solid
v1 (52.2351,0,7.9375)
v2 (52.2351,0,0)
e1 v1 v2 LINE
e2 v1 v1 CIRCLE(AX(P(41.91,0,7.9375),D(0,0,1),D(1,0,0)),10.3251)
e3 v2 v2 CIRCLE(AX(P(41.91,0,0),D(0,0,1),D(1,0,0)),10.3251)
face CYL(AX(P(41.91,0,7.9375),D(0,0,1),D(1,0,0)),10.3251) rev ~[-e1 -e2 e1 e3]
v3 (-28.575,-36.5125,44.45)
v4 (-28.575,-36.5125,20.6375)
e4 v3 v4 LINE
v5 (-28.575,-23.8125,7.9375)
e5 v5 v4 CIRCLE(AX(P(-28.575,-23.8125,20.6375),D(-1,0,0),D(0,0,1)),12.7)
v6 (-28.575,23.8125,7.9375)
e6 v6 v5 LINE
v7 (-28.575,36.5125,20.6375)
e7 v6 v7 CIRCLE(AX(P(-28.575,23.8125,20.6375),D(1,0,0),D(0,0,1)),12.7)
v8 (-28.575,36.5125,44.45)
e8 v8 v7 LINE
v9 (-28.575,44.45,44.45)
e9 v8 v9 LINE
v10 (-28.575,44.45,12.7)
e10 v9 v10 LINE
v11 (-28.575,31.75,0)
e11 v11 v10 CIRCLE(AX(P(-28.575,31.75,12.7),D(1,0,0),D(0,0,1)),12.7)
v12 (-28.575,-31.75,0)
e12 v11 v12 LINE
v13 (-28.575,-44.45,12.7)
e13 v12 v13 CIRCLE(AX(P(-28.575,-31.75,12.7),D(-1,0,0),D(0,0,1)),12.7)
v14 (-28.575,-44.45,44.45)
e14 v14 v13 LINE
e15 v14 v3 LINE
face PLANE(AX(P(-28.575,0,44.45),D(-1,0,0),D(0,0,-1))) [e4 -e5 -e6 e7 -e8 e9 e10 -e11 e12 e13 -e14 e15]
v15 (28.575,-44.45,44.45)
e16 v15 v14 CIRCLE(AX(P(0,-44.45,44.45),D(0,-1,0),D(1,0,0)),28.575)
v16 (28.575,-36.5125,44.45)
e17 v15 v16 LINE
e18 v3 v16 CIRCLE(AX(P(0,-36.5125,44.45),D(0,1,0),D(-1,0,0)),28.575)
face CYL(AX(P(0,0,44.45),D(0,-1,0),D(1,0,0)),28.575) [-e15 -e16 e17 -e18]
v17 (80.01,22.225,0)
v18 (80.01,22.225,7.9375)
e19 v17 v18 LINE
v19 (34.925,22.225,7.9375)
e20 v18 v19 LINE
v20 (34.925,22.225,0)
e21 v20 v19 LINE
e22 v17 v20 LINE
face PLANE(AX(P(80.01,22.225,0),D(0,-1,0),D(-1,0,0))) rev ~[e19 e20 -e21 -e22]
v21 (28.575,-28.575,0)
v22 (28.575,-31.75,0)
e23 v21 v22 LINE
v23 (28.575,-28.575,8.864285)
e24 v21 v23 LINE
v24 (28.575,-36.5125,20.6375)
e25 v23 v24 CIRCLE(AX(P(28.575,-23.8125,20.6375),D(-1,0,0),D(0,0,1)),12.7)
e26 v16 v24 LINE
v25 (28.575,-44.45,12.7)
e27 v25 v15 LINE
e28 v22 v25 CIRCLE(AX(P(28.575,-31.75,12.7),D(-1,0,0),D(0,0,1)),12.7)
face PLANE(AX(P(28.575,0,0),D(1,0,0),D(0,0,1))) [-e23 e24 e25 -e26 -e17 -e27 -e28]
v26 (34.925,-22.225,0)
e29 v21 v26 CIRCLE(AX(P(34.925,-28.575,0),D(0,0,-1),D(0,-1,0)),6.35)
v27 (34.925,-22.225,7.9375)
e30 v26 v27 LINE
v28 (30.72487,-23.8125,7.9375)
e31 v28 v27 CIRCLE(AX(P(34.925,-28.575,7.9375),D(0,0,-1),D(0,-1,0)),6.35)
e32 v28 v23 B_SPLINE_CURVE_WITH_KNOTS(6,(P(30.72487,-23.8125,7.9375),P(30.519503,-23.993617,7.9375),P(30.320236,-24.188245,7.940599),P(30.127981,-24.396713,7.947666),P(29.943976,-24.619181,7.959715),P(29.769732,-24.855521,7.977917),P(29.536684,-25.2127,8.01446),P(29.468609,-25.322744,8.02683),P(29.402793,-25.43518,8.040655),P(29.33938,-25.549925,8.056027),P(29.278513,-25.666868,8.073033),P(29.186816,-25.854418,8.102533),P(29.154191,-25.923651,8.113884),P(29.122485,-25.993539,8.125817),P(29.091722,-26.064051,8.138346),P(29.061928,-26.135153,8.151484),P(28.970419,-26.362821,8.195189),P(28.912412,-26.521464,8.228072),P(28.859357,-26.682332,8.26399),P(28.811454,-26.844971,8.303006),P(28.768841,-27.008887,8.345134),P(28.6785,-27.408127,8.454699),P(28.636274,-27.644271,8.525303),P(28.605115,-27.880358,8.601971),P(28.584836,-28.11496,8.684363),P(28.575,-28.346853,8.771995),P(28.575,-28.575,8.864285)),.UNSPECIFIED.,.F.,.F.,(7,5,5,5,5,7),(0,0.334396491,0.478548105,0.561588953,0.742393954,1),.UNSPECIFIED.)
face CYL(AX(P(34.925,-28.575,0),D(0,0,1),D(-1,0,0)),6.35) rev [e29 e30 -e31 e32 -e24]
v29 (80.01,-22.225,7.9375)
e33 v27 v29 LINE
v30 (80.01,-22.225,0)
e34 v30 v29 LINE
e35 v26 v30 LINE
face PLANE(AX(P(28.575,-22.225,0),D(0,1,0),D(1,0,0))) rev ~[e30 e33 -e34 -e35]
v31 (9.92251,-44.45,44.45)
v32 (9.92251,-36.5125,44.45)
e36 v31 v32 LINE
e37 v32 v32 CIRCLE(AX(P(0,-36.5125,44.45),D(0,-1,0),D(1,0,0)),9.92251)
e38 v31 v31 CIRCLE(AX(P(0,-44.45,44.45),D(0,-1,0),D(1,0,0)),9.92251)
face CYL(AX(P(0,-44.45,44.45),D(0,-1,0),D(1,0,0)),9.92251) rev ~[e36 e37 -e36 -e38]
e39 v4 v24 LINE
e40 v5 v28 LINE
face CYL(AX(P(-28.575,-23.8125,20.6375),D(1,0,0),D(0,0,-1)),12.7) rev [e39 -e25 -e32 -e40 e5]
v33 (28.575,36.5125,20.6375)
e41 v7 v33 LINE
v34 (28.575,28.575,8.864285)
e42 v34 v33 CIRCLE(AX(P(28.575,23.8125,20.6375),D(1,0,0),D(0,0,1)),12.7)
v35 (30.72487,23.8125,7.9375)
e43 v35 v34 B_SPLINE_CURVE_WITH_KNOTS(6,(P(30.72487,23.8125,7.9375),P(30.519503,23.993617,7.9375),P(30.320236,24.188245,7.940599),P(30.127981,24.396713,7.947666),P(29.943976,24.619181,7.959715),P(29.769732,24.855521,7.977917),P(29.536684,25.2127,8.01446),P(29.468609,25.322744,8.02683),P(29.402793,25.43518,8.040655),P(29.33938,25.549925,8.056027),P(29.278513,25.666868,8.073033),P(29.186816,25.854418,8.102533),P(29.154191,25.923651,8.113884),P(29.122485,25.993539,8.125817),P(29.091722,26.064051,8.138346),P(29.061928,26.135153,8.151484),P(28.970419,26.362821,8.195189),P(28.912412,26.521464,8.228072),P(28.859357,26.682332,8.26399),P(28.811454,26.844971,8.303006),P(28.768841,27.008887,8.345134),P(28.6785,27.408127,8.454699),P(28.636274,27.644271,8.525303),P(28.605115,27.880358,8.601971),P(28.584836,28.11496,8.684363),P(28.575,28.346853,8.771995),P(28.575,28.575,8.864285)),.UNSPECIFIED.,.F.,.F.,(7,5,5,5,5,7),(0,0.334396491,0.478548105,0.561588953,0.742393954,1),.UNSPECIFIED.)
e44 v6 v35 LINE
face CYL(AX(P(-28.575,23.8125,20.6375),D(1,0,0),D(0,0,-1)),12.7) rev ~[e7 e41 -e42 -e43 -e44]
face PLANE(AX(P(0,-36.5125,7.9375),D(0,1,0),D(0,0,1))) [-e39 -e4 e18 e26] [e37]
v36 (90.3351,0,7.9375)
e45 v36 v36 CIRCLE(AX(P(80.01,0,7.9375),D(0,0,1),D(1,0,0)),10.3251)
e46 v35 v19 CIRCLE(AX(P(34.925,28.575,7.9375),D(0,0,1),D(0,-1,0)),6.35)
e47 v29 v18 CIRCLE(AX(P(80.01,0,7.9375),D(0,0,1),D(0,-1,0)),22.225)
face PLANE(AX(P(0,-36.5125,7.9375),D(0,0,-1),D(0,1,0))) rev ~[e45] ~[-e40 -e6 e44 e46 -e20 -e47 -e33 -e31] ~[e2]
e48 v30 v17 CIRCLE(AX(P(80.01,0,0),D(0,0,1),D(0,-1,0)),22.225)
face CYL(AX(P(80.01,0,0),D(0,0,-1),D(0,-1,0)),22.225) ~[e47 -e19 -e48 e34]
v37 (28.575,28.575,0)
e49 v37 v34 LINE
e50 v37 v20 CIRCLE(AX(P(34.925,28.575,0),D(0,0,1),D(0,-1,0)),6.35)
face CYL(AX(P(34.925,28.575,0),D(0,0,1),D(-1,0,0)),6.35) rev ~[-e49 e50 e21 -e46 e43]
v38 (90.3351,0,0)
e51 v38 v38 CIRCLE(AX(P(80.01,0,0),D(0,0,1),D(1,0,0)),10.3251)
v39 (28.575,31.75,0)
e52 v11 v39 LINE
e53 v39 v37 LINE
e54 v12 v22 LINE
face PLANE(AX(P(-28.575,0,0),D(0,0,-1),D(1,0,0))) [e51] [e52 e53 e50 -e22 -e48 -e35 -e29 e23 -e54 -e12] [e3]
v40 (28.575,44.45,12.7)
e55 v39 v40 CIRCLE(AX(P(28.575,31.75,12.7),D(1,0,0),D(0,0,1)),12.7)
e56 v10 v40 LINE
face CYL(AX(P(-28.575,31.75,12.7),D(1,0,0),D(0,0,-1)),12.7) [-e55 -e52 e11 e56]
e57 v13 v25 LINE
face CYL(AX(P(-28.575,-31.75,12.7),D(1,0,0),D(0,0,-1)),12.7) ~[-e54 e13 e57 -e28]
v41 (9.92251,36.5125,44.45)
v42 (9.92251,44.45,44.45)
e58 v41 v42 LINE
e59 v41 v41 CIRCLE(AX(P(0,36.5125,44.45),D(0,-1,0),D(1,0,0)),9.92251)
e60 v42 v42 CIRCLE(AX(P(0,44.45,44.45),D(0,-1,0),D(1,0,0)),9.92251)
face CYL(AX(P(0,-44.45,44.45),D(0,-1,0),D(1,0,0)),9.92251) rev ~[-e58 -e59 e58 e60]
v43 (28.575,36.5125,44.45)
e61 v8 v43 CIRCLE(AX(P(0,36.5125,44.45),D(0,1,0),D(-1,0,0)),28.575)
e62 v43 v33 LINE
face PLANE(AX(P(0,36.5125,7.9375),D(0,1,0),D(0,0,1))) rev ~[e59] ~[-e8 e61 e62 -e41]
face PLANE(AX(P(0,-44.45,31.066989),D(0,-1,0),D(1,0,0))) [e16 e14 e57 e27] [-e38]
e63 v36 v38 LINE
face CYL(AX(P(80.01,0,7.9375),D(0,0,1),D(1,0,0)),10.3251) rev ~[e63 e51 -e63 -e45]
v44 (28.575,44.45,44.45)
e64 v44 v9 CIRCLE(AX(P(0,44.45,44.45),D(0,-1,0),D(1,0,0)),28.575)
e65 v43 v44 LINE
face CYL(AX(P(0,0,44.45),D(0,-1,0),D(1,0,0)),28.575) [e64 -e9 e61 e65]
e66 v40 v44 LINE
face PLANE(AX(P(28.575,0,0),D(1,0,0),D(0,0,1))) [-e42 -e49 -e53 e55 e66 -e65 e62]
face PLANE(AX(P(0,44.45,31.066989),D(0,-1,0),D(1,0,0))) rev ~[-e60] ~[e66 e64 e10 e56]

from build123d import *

# Parameters (mm, degrees)
F1_DEPTH      = 44.45
F2_W          = 73.025
F2_H          = 65.0875
F3_DEPTH      = 28.576
F3_DEPTH_BACK = 28.576
F4_R          = 9.92251
F5_DEPTH      = 88.901
F7_DEPTH      = 7.9375
F8_R          = 10.3251
F9_DEPTH      = 7.9385
F10_R         = 6.35
F11_R         = 12.7


with BuildPart() as f1:
    # F0 (on Front) → F1 (new body, symmetric)
    with BuildSketch(Plane.XZ):
        with BuildLine():
            Line((-28.575, 44.45), (-28.575, 0))
            Line((-28.575, 0), (28.575, 0))
            Line((28.575, 0), (28.575, 44.45))
            ThreePointArc((28.575, 44.45), (0, 73.025), (-28.575, 44.45))
        make_face()
    extrude(amount=F1_DEPTH, both=True)

    # F2 (on Right) → F3 (cut, two sides)
    with BuildSketch(Plane.YZ) as f3_sk:
        with Locations((0, 40.48125)):
            Rectangle(F2_W, F2_H)
    extrude(amount=-F3_DEPTH, mode=Mode.SUBTRACT)
    extrude(f3_sk.sketch, amount=F3_DEPTH_BACK, mode=Mode.SUBTRACT)

    # F4 (on face) → F5 (cut, through all)
    with BuildSketch(Plane.XZ.offset(44.45)):
        with Locations((0, 44.45)):
            Circle(F4_R)
    extrude(amount=-F5_DEPTH, mode=Mode.SUBTRACT)

    # F6 (on Top) → F7 (join)
    with BuildSketch(Plane.XY):
        with BuildLine():
            Line((80.01, 22.225), (28.575, 22.225))
            Line((28.575, 22.225), (28.575, -22.225))
            Line((28.575, -22.225), (80.01, -22.225))
            ThreePointArc((80.01, -22.225), (102.235, 0), (80.01, 22.225))
        make_face()
    extrude(amount=F7_DEPTH)

    # F8 (on face) → F9 (cut, through all)
    with BuildSketch(Plane.XY.offset(7.9375)):
        with Locations((41.91, 0)):
            Circle(F8_R)
        with Locations((80.01, 0)):
            Circle(F8_R)
    extrude(amount=-F9_DEPTH, mode=Mode.SUBTRACT)

    # F10
    f10_edges = [f1.edges().sort_by_distance(p)[0] for p in [
        (28.575, -22.225, 3.96875),
        (28.575, 22.225, 3.96875),
    ]]
    fillet(f10_edges, radius=F10_R)

    # F11
    f11_edges = [f1.edges().sort_by_distance(p)[0] for p in [
        (0, -36.5125, 7.9375),
        (0, 36.5125, 7.9375),
        (0, -44.45, 0),
        (0, 44.45, 0),
    ]]
    fillet(f11_edges, radius=F11_R)


solid = f1.part
